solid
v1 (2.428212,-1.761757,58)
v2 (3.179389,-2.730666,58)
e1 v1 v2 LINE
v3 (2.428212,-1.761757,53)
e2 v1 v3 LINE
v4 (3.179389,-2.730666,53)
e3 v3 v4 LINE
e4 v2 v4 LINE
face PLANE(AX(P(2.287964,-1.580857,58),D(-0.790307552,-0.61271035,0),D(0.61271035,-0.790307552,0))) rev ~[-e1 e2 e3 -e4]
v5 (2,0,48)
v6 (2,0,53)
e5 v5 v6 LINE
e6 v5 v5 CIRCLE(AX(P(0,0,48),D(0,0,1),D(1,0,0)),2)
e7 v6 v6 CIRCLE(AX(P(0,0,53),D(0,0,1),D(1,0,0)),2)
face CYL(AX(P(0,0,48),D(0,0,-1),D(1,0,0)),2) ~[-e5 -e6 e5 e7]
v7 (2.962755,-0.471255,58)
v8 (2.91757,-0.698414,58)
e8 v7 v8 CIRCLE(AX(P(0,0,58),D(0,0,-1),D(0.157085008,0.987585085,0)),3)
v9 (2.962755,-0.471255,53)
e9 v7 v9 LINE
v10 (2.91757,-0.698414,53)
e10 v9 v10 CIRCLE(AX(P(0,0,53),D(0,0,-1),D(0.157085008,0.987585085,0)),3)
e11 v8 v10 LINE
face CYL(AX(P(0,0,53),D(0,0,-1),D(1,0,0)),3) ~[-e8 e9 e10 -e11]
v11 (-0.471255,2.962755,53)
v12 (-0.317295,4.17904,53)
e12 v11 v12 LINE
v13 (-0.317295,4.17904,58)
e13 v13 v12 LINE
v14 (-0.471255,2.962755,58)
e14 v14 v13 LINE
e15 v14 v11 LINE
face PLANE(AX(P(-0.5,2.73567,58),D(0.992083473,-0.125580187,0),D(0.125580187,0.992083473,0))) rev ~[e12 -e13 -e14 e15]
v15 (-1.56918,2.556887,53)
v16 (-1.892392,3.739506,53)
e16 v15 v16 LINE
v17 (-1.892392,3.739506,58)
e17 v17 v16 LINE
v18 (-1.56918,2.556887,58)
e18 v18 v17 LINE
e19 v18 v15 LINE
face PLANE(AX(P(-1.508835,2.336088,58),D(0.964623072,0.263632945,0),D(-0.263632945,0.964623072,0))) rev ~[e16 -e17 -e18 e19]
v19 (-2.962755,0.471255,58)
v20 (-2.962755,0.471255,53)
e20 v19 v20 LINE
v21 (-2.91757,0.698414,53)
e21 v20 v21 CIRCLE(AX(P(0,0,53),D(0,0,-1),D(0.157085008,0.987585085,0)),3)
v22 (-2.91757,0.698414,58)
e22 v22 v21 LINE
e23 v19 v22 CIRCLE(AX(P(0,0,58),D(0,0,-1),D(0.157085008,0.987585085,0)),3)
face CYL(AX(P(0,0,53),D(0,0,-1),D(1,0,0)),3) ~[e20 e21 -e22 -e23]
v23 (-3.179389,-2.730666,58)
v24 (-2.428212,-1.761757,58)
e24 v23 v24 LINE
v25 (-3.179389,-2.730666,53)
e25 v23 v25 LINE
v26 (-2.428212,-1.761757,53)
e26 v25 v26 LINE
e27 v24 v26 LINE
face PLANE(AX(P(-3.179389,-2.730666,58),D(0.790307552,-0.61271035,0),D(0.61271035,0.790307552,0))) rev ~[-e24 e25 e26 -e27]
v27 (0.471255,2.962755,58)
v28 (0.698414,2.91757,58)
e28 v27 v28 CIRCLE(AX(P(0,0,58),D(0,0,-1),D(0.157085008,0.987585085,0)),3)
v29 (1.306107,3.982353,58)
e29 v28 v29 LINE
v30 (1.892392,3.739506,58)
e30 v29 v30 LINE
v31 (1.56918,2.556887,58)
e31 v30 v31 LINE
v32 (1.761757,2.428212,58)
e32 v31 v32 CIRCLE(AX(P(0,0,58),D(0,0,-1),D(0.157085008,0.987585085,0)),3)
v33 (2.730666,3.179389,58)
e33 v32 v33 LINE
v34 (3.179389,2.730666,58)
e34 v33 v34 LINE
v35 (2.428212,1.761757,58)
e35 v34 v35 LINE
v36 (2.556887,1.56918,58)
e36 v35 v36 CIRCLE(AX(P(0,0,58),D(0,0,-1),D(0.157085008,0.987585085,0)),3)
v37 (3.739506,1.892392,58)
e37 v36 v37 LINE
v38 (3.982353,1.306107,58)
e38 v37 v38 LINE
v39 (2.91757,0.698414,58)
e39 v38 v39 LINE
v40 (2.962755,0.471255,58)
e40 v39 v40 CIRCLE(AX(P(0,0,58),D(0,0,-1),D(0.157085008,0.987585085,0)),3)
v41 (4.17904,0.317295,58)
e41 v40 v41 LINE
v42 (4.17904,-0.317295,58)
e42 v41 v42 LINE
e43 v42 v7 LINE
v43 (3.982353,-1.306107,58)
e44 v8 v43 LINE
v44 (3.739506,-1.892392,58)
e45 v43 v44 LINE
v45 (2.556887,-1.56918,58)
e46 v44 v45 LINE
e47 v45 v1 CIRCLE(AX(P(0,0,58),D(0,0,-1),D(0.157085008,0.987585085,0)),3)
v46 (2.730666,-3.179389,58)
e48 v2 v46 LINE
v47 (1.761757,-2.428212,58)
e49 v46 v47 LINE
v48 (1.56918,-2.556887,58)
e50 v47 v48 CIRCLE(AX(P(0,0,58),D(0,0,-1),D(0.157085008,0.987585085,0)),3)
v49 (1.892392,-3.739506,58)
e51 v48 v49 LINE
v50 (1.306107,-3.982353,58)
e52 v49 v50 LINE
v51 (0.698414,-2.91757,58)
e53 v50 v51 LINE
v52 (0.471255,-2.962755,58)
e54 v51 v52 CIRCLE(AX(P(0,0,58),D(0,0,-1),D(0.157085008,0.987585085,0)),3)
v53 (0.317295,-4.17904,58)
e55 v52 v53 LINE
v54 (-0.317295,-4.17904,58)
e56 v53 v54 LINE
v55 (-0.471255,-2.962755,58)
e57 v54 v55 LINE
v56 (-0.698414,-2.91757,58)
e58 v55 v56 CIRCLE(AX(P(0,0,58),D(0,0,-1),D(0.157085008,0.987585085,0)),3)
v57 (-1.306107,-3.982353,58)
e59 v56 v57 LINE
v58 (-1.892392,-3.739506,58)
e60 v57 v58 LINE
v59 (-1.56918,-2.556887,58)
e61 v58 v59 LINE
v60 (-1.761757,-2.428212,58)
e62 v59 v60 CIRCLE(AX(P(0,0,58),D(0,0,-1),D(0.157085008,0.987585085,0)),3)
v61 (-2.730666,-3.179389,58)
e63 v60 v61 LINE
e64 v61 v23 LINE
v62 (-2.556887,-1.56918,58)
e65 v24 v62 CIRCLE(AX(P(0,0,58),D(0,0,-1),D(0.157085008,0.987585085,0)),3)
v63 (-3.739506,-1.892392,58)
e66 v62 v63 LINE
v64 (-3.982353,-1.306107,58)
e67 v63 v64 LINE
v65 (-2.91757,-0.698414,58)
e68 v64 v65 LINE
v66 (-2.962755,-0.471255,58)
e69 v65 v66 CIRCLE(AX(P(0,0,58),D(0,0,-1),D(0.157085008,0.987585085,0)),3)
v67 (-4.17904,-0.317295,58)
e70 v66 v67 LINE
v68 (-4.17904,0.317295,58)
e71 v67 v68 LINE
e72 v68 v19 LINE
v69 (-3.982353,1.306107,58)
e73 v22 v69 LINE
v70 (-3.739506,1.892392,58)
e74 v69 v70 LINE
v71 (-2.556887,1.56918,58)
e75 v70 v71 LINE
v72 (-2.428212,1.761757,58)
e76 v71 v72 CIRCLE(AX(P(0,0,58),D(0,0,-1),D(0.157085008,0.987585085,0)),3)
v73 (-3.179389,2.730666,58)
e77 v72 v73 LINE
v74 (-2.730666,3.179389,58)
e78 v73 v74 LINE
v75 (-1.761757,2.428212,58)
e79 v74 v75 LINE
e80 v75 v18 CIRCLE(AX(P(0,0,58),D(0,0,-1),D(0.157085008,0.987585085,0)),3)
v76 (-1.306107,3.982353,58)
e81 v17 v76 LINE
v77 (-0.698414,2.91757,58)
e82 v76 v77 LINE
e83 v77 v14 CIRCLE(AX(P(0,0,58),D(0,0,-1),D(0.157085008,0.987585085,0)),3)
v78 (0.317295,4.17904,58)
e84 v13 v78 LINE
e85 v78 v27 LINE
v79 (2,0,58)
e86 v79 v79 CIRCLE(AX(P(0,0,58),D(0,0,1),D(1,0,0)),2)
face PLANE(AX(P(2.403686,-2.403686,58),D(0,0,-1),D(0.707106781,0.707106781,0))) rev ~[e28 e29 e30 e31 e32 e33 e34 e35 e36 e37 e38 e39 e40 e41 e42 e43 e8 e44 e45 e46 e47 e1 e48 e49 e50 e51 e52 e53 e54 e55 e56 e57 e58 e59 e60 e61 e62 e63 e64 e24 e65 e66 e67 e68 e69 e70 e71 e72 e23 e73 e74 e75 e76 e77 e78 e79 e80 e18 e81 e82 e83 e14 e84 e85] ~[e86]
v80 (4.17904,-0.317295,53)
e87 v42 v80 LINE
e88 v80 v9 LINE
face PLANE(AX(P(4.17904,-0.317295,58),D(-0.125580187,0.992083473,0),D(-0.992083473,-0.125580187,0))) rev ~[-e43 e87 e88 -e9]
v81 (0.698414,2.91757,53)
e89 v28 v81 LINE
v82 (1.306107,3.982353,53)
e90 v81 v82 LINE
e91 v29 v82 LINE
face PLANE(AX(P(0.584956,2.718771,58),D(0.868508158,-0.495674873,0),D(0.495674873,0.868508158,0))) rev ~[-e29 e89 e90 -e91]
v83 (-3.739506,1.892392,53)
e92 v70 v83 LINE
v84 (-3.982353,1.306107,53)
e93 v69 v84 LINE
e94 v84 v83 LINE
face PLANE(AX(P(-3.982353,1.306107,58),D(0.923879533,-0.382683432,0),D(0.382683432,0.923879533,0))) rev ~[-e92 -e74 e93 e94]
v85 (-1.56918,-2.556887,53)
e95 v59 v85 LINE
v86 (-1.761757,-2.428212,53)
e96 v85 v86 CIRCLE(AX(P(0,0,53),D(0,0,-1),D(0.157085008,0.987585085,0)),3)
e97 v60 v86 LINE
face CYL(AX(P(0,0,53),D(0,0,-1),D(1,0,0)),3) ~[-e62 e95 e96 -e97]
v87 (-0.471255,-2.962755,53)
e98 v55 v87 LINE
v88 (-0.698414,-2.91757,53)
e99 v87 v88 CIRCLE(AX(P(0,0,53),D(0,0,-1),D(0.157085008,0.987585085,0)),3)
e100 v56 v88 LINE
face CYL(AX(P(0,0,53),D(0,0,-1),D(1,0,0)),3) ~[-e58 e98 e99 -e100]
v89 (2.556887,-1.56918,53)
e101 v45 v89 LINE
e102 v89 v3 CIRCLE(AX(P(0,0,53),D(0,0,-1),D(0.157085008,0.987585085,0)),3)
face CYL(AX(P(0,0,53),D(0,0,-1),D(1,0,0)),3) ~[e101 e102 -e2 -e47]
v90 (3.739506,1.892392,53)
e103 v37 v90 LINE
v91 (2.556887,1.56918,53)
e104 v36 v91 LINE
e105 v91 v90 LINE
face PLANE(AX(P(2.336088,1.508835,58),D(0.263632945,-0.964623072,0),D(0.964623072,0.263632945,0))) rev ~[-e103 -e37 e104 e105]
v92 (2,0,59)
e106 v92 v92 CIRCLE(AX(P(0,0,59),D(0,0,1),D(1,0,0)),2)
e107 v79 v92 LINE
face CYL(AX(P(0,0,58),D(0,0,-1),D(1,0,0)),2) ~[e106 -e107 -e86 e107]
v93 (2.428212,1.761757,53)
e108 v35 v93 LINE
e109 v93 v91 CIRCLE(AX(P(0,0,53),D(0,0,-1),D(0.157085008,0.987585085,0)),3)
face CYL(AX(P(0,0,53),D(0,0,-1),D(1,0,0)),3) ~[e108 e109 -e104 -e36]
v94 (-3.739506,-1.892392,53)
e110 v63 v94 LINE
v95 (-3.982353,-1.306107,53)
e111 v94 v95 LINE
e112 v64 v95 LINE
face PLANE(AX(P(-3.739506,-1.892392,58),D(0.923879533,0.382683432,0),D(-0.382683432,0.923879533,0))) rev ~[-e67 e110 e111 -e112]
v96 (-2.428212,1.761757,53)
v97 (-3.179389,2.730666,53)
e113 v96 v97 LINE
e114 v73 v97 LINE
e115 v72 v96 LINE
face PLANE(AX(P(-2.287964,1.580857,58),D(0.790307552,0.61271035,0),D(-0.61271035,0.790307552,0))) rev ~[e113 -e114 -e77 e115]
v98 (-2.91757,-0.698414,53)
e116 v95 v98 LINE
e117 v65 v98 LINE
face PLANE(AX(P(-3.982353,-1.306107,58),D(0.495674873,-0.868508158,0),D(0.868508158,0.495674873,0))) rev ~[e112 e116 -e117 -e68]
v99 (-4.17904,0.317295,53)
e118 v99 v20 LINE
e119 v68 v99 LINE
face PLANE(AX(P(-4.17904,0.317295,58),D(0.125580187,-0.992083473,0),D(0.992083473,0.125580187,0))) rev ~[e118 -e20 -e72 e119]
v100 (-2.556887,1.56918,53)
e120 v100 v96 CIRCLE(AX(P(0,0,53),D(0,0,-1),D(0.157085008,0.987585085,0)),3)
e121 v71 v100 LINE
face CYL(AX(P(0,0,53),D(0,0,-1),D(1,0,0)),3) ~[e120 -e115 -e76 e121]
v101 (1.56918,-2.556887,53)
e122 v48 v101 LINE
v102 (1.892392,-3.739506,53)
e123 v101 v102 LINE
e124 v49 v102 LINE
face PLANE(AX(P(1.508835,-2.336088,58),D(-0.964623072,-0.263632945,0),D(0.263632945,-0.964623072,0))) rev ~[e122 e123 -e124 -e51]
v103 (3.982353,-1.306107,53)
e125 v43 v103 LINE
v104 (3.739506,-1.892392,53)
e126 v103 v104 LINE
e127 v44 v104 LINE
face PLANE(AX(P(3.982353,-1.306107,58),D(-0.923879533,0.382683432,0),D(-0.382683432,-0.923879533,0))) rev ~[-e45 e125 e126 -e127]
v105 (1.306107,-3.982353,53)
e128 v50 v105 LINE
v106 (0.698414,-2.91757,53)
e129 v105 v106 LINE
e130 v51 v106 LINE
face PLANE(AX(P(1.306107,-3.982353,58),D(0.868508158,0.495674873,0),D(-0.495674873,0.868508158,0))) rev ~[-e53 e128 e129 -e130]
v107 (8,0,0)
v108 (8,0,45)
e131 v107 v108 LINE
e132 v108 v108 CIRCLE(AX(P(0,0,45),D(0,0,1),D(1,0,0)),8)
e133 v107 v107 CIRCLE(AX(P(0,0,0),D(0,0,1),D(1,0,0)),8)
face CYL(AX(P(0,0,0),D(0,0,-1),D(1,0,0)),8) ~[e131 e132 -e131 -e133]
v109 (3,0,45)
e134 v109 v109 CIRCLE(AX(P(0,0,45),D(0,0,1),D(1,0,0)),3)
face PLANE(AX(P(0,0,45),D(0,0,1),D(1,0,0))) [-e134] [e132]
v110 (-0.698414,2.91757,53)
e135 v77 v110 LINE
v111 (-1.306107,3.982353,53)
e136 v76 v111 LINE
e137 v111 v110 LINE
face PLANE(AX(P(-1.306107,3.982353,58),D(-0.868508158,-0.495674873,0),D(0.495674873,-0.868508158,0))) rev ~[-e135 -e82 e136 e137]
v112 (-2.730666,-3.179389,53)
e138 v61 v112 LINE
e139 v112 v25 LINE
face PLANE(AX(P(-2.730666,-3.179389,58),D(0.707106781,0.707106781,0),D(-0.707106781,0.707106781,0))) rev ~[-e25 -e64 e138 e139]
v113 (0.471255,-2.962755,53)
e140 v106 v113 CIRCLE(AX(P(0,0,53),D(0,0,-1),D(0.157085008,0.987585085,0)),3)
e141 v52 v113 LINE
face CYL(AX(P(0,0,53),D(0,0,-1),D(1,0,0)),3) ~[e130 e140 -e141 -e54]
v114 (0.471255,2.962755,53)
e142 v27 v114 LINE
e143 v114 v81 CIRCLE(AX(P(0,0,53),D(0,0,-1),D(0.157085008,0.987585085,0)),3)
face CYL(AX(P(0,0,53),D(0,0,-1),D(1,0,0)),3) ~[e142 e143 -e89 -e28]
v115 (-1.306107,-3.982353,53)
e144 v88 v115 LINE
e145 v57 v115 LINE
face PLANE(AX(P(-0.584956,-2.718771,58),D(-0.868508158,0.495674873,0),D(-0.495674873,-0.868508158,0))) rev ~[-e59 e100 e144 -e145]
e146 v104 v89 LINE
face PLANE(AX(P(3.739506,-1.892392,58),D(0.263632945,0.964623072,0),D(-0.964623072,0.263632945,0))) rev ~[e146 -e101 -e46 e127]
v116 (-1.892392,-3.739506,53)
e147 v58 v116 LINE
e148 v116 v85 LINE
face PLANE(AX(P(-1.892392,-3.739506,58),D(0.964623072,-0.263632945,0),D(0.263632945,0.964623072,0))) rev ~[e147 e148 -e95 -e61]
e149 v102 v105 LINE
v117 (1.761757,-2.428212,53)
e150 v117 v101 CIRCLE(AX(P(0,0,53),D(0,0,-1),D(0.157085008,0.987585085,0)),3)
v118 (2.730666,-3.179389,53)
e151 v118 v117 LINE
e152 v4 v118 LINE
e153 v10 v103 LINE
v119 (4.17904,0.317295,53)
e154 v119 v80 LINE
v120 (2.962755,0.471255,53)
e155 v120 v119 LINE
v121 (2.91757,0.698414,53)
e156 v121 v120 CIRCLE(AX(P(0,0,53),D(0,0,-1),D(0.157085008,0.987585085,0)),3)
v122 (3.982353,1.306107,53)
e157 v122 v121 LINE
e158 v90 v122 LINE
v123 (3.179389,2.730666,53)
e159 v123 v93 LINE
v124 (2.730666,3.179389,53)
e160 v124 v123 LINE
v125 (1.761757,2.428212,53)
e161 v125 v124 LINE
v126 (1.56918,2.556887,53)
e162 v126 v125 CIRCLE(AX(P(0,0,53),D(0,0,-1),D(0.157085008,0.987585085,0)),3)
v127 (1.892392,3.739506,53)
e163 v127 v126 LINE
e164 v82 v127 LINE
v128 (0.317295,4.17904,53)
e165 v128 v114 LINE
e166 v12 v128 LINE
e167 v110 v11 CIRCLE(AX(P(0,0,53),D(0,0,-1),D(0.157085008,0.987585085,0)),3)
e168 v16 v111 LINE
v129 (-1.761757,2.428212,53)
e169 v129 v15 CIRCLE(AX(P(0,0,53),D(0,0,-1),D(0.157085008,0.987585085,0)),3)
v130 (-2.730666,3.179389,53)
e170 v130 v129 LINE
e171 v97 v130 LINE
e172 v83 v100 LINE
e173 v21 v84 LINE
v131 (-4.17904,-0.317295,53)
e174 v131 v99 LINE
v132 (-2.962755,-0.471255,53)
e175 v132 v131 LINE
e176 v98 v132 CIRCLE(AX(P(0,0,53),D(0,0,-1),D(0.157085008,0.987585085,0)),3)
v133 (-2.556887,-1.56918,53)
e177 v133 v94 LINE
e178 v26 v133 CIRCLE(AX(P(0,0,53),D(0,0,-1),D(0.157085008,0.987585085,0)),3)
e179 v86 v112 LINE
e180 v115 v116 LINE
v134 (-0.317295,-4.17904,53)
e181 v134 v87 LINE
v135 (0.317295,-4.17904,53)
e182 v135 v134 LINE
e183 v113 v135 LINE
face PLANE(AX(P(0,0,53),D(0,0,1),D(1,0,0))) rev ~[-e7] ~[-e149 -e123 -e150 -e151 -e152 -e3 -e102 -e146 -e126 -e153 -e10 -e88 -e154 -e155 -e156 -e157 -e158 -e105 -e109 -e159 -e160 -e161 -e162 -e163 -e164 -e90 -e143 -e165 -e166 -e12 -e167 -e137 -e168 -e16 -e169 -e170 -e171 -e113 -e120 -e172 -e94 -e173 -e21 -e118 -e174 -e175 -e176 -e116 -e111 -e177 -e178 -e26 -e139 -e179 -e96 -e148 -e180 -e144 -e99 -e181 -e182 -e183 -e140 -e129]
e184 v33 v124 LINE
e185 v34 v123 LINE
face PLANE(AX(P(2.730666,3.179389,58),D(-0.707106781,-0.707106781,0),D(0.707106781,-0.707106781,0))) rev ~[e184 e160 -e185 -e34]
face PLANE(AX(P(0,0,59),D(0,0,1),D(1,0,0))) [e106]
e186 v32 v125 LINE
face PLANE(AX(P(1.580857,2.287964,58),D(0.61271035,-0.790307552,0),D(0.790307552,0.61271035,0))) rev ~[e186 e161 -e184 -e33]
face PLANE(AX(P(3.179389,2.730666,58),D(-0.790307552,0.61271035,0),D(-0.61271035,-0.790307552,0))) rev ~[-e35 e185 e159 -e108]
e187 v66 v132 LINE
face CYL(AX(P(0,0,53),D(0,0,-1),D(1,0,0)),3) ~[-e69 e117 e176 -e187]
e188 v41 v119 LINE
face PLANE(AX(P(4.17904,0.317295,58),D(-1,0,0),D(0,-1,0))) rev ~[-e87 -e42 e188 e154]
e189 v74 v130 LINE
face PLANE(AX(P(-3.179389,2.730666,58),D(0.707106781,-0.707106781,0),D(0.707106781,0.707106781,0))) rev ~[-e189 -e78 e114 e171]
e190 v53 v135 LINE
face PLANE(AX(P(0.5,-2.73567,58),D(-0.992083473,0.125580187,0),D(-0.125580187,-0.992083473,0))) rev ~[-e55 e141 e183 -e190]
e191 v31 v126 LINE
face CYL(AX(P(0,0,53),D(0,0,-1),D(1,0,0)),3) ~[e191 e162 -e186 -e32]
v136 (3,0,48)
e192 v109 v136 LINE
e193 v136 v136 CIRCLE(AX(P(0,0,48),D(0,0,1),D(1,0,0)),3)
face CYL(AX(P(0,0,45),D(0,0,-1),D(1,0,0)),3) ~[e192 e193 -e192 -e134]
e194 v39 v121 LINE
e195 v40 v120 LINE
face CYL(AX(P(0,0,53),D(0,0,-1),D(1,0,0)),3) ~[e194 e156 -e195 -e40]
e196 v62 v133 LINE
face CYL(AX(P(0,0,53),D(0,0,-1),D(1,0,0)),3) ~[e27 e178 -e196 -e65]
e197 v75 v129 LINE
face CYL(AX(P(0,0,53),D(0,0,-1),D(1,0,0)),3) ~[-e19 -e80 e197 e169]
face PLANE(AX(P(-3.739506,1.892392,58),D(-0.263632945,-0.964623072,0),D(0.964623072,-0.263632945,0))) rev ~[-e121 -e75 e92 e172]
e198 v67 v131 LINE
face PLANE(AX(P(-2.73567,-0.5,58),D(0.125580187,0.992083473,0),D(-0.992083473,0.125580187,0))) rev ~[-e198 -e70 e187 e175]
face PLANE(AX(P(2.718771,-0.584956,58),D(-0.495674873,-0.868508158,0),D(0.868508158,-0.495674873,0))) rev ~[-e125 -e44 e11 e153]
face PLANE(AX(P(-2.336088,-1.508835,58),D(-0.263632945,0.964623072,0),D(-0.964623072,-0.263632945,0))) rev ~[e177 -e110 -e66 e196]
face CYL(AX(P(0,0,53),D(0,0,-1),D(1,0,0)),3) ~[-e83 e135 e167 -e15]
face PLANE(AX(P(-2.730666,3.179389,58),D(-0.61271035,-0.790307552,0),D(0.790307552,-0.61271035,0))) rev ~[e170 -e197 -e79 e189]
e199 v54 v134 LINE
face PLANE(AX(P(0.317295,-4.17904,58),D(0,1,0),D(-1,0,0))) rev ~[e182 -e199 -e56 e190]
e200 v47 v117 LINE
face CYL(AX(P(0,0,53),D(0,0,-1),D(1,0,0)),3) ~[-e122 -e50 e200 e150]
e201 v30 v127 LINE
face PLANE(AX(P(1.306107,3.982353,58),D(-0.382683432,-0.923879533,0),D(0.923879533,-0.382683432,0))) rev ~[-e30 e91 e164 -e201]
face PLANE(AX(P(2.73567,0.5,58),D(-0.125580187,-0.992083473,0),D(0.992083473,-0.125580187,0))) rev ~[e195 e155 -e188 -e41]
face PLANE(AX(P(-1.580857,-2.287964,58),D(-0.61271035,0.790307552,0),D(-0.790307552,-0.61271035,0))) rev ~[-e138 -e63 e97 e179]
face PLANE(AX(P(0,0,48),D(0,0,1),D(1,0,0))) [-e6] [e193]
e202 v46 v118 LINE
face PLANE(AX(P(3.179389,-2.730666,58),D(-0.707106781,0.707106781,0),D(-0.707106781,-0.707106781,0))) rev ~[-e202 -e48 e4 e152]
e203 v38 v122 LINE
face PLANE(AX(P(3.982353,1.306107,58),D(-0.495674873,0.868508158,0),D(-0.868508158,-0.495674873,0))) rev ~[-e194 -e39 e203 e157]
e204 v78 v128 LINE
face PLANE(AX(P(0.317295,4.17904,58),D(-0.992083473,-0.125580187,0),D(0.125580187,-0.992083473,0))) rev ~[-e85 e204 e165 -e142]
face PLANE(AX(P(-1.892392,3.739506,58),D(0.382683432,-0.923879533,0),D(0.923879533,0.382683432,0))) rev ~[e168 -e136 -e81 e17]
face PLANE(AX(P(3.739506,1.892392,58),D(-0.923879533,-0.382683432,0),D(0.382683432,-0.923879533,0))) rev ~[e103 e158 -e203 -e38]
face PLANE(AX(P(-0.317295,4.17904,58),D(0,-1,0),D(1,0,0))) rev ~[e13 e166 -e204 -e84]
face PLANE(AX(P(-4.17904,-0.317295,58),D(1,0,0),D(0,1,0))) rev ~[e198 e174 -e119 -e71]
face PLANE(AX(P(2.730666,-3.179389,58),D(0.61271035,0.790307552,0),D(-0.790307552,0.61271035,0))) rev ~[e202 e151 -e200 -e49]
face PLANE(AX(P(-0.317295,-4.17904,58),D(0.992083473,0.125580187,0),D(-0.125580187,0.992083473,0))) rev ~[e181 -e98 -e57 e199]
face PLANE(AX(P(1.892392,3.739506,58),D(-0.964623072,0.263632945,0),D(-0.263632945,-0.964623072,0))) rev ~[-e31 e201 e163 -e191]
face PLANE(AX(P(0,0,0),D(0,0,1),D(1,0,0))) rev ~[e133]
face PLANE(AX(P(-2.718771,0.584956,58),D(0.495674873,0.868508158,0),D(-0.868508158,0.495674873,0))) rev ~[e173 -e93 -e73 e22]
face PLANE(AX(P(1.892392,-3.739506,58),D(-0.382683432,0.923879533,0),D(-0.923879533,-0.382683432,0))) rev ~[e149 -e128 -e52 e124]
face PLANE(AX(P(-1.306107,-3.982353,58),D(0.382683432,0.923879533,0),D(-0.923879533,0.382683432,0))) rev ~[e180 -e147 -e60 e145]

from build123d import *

# Parameters (mm, degrees)
ESBO_O1_R                = 8
RESSALTO_EXTRUS_O1_DEPTH = 45
ESBO_O2_R                = 3
RESSALTO_EXTRUS_O2_DEPTH = 3
ESBO_O3_R                = 2
RESSALTO_EXTRUS_O3_DEPTH = 5
ESBO_O4_R                = 3
RESSALTO_EXTRUS_O4_DEPTH = 5
ESBO_O5_R                = 2
RESSALTO_EXTRUS_O5_DEPTH = 1
RESSALTO_EXTRUS_O6_DEPTH = 5
PADR_OCIRCULAR1_COUNT    = 16


with BuildPart() as part:
    # Esboço1 → Ressalto-extrusão1 (new body)
    with BuildSketch(Plane.XY):
        Circle(ESBO_O1_R)
    extrude(amount=RESSALTO_EXTRUS_O1_DEPTH)

    # Esboço2 → Ressalto-extrusão2 (add)
    with BuildSketch(Plane.XY.offset(45)):
        Circle(ESBO_O2_R)
    extrude(amount=RESSALTO_EXTRUS_O2_DEPTH)

    # Esboço3 → Ressalto-extrusão3 (add)
    with BuildSketch(Plane.XY.offset(48)):
        Circle(ESBO_O3_R)
    extrude(amount=RESSALTO_EXTRUS_O3_DEPTH)

    # Esboço4 → Ressalto-extrusão4 (add)
    with BuildSketch(Plane.XY.offset(53)):
        Circle(ESBO_O4_R)
    extrude(amount=RESSALTO_EXTRUS_O4_DEPTH)

    # Esboço5 → Ressalto-extrusão5 (add)
    with BuildSketch(Plane.XY.offset(58)):
        Circle(ESBO_O5_R)
    extrude(amount=RESSALTO_EXTRUS_O5_DEPTH)

    # Esboço6 → Ressalto-extrusão6 (add)
    with BuildSketch(Plane.XY.offset(58)):
        Polygon((-0.5, 2.735669954), (-0.317294901, 4.179040235), (0.317294901, 4.179040235), (0.5, 2.735669954), align=None)
    ressalto_extrus_o6 = extrude(amount=-RESSALTO_EXTRUS_O6_DEPTH)

    # PadrãoCircular1: Ressalto-extrusão6 ×16 about axis
    padr_ocircular1_axis = Axis((0, 0, 0), (0, 0, 1))
    for i in range(1, PADR_OCIRCULAR1_COUNT):
        add(ressalto_extrus_o6.rotate(padr_ocircular1_axis, i * 360 / PADR_OCIRCULAR1_COUNT))


solid = part.part
